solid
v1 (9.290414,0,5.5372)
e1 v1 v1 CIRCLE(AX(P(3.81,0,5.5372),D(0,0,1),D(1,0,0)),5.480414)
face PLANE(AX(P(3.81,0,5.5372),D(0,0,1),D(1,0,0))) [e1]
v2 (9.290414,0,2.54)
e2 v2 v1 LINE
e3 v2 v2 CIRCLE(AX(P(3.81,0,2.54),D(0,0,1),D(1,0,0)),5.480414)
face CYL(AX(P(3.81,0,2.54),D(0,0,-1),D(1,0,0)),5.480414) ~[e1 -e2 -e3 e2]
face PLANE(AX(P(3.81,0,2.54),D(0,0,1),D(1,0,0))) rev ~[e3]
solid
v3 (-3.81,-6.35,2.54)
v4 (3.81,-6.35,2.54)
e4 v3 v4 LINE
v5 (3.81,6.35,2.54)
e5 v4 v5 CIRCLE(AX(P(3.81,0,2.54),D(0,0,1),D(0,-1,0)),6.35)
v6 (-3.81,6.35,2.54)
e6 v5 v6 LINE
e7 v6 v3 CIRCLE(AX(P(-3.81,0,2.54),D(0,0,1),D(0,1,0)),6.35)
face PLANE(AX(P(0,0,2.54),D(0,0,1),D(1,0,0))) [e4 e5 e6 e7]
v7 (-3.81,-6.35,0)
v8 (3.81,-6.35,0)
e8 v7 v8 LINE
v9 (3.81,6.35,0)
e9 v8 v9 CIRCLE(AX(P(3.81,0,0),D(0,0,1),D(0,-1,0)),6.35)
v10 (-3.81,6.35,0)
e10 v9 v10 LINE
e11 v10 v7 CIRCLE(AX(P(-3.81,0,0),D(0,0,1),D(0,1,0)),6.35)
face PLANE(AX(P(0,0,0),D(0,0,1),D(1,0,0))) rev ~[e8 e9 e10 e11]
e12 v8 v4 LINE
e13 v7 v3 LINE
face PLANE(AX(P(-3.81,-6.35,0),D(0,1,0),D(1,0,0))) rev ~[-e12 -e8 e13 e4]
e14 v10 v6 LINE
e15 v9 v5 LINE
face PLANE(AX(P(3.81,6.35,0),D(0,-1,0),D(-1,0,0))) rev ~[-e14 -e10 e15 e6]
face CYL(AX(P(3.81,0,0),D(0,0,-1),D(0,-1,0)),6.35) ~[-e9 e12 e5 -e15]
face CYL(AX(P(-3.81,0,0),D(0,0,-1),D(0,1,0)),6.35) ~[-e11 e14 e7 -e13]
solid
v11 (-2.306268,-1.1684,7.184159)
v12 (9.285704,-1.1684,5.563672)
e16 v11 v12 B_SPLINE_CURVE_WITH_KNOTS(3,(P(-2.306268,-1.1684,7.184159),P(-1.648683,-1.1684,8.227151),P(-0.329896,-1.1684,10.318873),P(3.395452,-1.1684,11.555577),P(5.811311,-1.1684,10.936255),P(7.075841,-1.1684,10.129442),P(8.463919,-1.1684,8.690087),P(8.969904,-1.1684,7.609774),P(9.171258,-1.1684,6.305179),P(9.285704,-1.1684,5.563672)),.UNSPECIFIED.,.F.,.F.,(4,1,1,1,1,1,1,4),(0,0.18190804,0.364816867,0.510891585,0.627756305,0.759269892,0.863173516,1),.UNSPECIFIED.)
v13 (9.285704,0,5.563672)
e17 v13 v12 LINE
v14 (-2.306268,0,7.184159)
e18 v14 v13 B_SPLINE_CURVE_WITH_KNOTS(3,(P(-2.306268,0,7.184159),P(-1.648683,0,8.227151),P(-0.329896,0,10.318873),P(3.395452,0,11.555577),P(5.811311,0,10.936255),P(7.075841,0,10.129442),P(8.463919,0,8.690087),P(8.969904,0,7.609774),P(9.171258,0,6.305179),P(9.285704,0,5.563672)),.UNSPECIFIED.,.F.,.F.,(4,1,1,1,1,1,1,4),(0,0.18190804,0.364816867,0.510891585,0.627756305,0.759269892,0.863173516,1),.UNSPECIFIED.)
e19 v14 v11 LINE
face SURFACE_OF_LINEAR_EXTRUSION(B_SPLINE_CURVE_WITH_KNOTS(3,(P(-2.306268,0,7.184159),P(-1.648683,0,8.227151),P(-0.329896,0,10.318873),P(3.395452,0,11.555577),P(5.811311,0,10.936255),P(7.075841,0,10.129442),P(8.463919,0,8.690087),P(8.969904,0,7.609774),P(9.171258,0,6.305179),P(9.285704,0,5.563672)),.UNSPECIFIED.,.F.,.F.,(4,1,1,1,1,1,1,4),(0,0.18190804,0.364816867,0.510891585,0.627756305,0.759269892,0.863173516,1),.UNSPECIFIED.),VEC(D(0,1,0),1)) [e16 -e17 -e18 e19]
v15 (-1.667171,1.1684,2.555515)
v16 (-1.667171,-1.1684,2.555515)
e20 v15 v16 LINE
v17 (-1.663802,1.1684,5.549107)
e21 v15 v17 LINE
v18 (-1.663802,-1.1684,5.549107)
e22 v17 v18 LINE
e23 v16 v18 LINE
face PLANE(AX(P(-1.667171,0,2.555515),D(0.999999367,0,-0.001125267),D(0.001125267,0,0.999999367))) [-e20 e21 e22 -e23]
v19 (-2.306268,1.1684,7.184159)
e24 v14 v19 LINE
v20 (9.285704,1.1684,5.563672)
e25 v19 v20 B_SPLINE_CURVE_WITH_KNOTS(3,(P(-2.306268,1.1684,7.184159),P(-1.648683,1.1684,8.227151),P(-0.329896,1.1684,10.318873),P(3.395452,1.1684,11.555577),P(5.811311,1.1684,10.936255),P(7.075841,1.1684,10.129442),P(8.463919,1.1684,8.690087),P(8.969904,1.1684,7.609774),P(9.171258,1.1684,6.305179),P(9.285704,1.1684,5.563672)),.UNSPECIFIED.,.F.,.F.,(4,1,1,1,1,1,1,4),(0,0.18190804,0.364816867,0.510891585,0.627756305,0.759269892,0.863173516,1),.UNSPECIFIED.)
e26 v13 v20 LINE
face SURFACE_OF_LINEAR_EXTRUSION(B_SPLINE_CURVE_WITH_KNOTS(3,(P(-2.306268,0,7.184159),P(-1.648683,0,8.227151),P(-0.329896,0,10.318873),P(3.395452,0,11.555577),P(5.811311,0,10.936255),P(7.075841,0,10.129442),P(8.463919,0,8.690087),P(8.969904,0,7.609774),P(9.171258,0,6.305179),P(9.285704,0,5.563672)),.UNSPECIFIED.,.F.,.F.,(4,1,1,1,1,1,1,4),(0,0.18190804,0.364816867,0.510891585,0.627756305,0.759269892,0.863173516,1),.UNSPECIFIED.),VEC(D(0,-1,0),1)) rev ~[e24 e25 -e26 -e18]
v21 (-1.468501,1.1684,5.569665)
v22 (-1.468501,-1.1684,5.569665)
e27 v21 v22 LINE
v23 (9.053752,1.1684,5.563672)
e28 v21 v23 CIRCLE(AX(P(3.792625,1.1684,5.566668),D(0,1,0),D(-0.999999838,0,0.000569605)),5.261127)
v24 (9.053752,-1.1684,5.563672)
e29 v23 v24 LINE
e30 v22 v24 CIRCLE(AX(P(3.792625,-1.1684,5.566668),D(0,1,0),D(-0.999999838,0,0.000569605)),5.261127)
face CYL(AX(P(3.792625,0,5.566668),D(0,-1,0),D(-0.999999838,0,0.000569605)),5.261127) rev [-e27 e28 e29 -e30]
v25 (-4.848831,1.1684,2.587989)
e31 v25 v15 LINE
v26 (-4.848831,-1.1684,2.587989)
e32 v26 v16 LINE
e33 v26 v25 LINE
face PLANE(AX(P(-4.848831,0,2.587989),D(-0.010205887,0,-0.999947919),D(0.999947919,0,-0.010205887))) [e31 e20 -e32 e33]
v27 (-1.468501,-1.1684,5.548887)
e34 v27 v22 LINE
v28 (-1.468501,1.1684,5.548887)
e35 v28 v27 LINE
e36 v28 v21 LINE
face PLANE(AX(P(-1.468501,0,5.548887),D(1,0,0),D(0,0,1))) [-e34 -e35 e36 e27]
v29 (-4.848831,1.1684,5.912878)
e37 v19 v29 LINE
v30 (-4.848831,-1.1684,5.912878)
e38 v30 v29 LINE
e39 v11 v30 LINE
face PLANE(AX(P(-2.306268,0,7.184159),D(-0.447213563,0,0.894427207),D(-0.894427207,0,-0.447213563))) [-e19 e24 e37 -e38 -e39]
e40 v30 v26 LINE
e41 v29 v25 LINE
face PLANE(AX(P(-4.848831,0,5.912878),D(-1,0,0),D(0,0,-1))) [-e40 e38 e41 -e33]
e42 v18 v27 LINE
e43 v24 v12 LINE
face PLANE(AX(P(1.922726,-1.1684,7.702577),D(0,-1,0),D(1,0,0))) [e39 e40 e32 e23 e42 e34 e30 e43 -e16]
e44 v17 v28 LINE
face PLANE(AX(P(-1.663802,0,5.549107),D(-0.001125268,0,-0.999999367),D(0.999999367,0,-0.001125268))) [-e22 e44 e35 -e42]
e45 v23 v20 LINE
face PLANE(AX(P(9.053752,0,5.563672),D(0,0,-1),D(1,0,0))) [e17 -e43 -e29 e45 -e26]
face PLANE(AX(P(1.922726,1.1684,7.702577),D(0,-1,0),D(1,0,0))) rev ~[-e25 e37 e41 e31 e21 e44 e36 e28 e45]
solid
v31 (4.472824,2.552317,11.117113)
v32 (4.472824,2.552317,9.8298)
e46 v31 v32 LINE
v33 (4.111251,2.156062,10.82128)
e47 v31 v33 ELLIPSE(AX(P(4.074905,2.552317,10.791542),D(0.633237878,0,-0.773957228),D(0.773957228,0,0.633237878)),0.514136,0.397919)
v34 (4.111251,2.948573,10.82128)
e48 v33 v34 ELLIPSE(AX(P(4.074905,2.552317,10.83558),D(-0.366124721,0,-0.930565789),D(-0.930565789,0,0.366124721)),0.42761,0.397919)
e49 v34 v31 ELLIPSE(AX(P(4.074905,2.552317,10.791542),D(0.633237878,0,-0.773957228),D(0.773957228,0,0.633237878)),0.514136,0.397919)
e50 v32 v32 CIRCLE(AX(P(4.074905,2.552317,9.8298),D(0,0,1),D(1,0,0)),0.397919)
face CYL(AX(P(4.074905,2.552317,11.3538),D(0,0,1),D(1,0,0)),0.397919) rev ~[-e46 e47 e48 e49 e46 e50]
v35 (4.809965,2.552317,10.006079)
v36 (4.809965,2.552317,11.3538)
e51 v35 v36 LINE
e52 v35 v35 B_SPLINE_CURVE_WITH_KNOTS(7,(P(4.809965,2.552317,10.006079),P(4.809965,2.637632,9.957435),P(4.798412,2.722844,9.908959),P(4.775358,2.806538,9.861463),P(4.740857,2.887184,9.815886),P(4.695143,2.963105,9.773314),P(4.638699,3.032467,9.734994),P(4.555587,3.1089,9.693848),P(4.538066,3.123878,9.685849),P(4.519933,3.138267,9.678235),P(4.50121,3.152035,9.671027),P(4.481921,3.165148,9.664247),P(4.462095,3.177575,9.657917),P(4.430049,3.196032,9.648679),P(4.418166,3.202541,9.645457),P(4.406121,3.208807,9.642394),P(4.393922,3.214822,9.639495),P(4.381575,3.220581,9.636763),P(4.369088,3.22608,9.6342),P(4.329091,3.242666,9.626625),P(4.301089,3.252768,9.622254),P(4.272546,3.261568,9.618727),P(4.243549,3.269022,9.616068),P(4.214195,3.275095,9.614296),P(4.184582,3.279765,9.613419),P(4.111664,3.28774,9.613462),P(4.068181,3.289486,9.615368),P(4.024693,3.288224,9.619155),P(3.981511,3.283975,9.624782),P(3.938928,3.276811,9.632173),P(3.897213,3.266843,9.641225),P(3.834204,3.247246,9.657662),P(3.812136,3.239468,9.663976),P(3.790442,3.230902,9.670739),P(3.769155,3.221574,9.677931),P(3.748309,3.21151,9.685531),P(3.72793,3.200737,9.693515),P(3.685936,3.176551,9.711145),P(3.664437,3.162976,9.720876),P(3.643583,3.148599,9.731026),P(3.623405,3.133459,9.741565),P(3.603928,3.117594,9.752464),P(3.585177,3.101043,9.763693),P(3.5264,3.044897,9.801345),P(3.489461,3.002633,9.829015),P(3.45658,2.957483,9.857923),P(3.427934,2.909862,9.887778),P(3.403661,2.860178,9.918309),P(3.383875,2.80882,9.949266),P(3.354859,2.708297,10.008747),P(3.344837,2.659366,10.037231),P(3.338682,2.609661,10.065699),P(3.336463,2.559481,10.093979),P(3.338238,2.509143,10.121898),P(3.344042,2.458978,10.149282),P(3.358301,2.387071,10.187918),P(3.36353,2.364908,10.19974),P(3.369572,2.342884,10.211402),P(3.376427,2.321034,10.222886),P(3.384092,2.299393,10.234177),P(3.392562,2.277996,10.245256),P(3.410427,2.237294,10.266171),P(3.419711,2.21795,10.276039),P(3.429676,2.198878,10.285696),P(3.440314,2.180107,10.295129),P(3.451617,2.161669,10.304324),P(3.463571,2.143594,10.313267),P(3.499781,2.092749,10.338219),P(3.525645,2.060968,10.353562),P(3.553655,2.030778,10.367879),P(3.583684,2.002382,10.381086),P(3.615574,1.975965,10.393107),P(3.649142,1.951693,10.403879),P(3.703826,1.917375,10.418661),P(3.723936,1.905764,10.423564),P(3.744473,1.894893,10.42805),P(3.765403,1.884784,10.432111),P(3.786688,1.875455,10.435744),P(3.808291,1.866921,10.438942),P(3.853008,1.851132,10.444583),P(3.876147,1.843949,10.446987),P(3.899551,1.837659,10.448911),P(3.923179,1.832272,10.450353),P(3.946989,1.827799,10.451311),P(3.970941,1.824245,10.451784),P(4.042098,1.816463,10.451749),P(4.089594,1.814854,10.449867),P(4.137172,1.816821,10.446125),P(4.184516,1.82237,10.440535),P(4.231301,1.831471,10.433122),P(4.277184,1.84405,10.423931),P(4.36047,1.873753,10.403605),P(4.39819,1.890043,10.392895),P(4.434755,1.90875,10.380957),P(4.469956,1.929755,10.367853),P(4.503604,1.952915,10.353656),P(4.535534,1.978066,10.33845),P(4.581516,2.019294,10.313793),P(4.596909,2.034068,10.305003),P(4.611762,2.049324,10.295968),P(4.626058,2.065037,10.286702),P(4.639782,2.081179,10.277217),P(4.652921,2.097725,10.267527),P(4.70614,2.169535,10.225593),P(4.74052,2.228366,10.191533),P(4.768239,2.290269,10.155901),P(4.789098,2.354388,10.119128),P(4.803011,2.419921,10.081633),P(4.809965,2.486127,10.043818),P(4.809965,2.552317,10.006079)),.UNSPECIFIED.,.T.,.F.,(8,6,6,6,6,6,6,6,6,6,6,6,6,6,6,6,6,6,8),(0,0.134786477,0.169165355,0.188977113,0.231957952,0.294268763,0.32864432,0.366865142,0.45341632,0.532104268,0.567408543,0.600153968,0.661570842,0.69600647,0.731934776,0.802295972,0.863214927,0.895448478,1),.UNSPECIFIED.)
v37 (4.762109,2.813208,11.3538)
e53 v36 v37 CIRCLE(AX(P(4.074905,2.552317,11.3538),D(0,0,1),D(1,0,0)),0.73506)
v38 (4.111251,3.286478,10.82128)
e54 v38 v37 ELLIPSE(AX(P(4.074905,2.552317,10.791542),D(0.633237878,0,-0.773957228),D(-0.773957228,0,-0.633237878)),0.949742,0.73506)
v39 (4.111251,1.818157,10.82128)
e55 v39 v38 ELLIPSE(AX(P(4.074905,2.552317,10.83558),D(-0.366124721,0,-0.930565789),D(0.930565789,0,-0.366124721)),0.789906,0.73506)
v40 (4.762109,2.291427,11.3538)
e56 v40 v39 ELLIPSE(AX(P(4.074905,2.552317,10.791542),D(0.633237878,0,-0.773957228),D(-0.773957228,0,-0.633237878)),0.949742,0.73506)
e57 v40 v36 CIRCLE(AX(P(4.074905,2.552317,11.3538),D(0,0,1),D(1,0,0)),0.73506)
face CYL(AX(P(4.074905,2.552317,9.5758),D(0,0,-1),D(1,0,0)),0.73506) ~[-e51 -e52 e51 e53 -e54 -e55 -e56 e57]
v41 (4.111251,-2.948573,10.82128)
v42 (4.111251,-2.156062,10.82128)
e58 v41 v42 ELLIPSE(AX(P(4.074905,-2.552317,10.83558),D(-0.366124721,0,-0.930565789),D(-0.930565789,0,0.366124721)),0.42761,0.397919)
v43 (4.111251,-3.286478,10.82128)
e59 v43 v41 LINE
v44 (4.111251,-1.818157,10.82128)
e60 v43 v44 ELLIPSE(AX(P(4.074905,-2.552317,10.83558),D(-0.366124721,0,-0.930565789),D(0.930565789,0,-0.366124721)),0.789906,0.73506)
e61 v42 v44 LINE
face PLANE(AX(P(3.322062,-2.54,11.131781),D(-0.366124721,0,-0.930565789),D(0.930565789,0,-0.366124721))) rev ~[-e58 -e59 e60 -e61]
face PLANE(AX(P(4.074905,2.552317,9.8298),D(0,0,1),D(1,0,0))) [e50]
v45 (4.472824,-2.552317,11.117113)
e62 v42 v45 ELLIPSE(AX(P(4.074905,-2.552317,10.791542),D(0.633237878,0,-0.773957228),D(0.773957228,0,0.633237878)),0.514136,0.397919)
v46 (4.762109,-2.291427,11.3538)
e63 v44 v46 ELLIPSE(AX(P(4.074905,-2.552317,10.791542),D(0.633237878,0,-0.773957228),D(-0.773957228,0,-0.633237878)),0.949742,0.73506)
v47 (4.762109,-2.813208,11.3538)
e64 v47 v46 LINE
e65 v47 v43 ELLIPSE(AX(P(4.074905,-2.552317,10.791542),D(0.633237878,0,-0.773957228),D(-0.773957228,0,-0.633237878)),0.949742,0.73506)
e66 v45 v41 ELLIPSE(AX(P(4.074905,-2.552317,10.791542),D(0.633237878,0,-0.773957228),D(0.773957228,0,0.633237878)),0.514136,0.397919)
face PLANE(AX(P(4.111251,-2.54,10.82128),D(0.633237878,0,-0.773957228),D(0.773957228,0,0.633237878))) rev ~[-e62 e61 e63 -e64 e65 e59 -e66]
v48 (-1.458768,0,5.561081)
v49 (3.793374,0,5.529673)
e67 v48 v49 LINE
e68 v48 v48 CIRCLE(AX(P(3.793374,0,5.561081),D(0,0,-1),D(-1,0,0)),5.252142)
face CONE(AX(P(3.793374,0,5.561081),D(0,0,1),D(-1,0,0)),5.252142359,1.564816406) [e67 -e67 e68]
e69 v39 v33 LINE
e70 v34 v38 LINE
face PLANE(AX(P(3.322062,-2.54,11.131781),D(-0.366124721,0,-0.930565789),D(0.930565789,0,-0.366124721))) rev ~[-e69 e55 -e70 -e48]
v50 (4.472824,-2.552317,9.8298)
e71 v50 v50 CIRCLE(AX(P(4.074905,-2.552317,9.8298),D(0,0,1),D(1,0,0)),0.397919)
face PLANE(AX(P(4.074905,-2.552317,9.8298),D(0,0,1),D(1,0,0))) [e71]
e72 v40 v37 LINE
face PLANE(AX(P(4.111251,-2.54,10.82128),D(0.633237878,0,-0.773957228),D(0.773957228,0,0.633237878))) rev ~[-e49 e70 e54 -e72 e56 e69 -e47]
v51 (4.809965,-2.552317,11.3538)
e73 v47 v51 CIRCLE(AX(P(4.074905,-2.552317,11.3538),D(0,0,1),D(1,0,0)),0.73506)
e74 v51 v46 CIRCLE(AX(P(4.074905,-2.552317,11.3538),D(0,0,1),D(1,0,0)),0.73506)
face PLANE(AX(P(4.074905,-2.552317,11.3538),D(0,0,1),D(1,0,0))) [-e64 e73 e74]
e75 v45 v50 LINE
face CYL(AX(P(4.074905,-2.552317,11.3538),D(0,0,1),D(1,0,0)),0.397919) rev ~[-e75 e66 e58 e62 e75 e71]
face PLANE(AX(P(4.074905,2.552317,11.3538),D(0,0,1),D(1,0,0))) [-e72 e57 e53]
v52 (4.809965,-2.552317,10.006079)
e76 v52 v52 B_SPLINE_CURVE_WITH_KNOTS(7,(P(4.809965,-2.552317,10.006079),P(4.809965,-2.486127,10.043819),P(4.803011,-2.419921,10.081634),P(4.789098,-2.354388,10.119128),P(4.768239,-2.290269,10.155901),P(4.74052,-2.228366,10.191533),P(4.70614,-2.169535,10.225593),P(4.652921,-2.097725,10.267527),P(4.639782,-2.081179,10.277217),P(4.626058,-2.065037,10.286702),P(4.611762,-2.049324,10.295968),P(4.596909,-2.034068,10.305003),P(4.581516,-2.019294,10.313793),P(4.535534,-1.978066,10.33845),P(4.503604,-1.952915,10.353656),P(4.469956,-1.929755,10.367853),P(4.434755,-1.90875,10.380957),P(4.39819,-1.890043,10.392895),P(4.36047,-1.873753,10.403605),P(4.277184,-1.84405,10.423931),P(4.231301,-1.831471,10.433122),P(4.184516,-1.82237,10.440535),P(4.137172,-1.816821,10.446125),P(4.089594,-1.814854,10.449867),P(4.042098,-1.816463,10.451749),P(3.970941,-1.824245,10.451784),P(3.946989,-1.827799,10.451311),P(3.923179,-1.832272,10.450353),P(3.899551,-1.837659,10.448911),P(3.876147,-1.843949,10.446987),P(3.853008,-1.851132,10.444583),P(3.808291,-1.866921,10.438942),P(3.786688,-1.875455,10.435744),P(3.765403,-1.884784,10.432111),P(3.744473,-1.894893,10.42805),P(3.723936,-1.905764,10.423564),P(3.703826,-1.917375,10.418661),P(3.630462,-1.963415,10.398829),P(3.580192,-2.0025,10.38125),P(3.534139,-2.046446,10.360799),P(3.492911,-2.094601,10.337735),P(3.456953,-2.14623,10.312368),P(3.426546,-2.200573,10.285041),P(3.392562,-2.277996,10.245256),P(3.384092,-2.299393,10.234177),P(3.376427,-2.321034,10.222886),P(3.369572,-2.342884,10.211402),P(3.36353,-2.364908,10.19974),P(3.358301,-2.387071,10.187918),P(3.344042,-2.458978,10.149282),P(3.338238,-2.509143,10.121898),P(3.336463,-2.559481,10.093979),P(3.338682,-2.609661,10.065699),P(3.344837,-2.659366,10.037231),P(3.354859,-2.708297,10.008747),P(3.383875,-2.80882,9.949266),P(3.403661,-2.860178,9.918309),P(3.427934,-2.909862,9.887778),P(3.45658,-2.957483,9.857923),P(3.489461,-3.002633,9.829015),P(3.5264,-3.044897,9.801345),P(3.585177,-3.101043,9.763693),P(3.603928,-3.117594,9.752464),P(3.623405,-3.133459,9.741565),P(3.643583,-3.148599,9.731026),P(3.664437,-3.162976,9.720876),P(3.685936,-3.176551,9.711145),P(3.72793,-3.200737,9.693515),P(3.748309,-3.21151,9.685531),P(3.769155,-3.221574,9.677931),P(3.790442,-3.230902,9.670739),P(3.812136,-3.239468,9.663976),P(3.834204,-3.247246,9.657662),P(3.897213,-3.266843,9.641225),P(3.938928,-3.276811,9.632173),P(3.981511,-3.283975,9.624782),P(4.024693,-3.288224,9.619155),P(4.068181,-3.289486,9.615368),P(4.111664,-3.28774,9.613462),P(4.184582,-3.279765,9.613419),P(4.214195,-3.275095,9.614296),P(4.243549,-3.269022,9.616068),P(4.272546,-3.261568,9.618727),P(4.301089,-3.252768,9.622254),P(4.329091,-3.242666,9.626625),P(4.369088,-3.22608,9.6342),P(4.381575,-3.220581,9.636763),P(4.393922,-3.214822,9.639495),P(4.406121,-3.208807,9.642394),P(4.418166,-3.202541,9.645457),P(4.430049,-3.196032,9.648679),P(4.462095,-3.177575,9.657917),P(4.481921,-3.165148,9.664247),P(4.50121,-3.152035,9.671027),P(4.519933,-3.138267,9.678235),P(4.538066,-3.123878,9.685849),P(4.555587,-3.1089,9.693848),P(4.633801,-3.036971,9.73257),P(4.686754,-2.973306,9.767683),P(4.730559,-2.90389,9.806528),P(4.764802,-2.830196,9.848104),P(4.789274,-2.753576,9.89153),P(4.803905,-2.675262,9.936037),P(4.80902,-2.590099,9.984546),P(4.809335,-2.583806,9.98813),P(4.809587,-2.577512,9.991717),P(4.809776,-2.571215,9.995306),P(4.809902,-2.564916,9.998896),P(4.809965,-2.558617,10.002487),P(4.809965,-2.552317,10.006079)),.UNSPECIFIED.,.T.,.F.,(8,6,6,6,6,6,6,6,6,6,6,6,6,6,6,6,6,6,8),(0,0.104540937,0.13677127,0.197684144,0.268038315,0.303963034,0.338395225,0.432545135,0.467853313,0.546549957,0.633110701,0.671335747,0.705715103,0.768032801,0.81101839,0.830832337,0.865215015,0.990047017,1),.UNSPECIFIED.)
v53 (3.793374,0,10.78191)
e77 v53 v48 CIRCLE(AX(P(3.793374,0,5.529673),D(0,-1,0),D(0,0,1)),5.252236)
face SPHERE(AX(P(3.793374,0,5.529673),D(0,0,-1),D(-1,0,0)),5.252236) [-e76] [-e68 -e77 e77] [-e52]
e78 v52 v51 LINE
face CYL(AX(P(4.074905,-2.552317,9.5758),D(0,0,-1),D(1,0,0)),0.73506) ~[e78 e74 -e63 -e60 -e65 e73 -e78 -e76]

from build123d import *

# Parameters (mm, degrees)
F1_DEPTH  = 2.54
F2_R      = 5.4804135952
F3_DEPTH  = 2.9972
F7_DEPTH  = 1.1684
F9_R      = 0.7350598137
F10_DEPTH = 1.778
F11_R     = 0.3979192026
F12_DEPTH = 1.524
F15_DEPTH = 7.0866


with BuildPart() as f1:
    # F0 (on Top) → F1 (new body)
    with BuildSketch(Plane.XY):
        with BuildLine():
            Line((3.81, 6.35), (-3.81, 6.35))
            ThreePointArc((-3.81, 6.35), (-10.16, 0), (-3.81, -6.35))
            Line((-3.81, -6.35), (3.81, -6.35))
            ThreePointArc((3.81, -6.35), (10.16, 0), (3.81, 6.35))
        make_face()
    extrude(amount=F1_DEPTH)


with BuildPart() as f3:
    # F2 (on face) → F3 (new body)
    with BuildSketch(Plane.XY.offset(2.54)):
        with Locations((3.81, 0)):
            Circle(F2_R)
    extrude(amount=F3_DEPTH)


with BuildPart() as f5:
    # F4 (on Front) → F5 (revolve)
    with BuildSketch(Plane.XZ):
        with BuildLine():
            Line((3.7933739368, 5.5296733044), (3.7933739368, 10.781909572))
            ThreePointArc((3.7933739368, 10.781909572), (0.0906030305, 9.2546529588), (-1.4587684225, 5.5610810767))
            Line((-1.4587684225, 5.5610810767), (3.7933739368, 5.5296733044))
        make_face()
    revolve(axis=Axis((3.7933739368, 0, 8.1557914382), (0, 0, -1)))

    # F9 (on offset) → F10 (join)
    with BuildSketch(Plane.XY.offset(9.5758)):
        with Locations((4.0749050677, 2.5523174554)):
            Circle(F9_R)
        with Locations((4.0749050677, -2.5523174554)):
            Circle(F9_R)
    extrude(amount=F10_DEPTH)

    # F11 (on face) → F12 (cut)
    with BuildSketch(Plane.XY.offset(11.3538)):
        with Locations((4.0749050677, -2.5523174554)):
            Circle(F11_R)
        with Locations((4.0749050677, 2.5523174554)):
            Circle(F11_R)
    extrude(amount=-F12_DEPTH, mode=Mode.SUBTRACT)


with BuildPart() as f7:
    # F6 (on Front) → F7 (new body, symmetric)
    with BuildSketch(Plane.XZ):
        with BuildLine():
            Line((-4.8488308676, 2.587988507), (-1.6671707854, 2.5555151515))
            Line((-1.6671707854, 2.5555151515), (-1.6638021916, 5.5491072126))
            Line((-1.6638021916, 5.5491072126), (-1.4685010538, 5.5488874464))
            Line((-1.4685010538, 5.5488874464), (-1.4685010538, 5.5696652271))
            ThreePointArc((-1.4685010538, 5.5696652271), (3.7956221495, 10.8277949039), (9.0537518263, 5.5636717007))
            Line((9.0537518263, 5.5636717007), (9.2857042328, 5.5636717007))
            add(Edge.make_bspline(
                [(-2.306267852, 7.1841594763), (-1.6486831843, 8.2271512611), (-0.3298960757, 10.318872963), (3.3954517777, 11.5555770619), (5.8113106779, 10.9362546506), (7.0758411721, 10.1294418033), (8.4639189734, 8.6900865807), (8.9699038236, 7.6097738923), (9.1712581853, 6.3051789998), (9.2857042328, 5.5636717007)],
                knots=[0, 0, 0, 0, 0.1819080402, 0.3648168673, 0.5108915852, 0.6277563048, 0.7592698915, 0.8631735157, 1, 1, 1, 1], degree=3))
            Line((-2.306267852, 7.1841594763), (-4.8488308676, 5.9128780849))
            Line((-4.8488308676, 5.9128780849), (-4.8488308676, 2.587988507))
        make_face()
    extrude(amount=F7_DEPTH, both=True)


with BuildPart() as f15:
    # F14 (on offset) → F15 (new body, symmetric)
    with BuildSketch(Plane.XZ.offset(2.54)):
        Polygon((4.1112513281, 10.8212800696), (4.7835633159, 11.3713536412), (3.3220620826, 11.3955037668), (3.3220620826, 11.1317811604), align=None)
    extrude(amount=F15_DEPTH, both=True)


with BuildPart() as f5_1:
    add(f5.part)

    # F16: cut F15
    add(f15.part, mode=Mode.SUBTRACT)


solid = Compound([f1.part, f3.part, f7.part, f5_1.part])
